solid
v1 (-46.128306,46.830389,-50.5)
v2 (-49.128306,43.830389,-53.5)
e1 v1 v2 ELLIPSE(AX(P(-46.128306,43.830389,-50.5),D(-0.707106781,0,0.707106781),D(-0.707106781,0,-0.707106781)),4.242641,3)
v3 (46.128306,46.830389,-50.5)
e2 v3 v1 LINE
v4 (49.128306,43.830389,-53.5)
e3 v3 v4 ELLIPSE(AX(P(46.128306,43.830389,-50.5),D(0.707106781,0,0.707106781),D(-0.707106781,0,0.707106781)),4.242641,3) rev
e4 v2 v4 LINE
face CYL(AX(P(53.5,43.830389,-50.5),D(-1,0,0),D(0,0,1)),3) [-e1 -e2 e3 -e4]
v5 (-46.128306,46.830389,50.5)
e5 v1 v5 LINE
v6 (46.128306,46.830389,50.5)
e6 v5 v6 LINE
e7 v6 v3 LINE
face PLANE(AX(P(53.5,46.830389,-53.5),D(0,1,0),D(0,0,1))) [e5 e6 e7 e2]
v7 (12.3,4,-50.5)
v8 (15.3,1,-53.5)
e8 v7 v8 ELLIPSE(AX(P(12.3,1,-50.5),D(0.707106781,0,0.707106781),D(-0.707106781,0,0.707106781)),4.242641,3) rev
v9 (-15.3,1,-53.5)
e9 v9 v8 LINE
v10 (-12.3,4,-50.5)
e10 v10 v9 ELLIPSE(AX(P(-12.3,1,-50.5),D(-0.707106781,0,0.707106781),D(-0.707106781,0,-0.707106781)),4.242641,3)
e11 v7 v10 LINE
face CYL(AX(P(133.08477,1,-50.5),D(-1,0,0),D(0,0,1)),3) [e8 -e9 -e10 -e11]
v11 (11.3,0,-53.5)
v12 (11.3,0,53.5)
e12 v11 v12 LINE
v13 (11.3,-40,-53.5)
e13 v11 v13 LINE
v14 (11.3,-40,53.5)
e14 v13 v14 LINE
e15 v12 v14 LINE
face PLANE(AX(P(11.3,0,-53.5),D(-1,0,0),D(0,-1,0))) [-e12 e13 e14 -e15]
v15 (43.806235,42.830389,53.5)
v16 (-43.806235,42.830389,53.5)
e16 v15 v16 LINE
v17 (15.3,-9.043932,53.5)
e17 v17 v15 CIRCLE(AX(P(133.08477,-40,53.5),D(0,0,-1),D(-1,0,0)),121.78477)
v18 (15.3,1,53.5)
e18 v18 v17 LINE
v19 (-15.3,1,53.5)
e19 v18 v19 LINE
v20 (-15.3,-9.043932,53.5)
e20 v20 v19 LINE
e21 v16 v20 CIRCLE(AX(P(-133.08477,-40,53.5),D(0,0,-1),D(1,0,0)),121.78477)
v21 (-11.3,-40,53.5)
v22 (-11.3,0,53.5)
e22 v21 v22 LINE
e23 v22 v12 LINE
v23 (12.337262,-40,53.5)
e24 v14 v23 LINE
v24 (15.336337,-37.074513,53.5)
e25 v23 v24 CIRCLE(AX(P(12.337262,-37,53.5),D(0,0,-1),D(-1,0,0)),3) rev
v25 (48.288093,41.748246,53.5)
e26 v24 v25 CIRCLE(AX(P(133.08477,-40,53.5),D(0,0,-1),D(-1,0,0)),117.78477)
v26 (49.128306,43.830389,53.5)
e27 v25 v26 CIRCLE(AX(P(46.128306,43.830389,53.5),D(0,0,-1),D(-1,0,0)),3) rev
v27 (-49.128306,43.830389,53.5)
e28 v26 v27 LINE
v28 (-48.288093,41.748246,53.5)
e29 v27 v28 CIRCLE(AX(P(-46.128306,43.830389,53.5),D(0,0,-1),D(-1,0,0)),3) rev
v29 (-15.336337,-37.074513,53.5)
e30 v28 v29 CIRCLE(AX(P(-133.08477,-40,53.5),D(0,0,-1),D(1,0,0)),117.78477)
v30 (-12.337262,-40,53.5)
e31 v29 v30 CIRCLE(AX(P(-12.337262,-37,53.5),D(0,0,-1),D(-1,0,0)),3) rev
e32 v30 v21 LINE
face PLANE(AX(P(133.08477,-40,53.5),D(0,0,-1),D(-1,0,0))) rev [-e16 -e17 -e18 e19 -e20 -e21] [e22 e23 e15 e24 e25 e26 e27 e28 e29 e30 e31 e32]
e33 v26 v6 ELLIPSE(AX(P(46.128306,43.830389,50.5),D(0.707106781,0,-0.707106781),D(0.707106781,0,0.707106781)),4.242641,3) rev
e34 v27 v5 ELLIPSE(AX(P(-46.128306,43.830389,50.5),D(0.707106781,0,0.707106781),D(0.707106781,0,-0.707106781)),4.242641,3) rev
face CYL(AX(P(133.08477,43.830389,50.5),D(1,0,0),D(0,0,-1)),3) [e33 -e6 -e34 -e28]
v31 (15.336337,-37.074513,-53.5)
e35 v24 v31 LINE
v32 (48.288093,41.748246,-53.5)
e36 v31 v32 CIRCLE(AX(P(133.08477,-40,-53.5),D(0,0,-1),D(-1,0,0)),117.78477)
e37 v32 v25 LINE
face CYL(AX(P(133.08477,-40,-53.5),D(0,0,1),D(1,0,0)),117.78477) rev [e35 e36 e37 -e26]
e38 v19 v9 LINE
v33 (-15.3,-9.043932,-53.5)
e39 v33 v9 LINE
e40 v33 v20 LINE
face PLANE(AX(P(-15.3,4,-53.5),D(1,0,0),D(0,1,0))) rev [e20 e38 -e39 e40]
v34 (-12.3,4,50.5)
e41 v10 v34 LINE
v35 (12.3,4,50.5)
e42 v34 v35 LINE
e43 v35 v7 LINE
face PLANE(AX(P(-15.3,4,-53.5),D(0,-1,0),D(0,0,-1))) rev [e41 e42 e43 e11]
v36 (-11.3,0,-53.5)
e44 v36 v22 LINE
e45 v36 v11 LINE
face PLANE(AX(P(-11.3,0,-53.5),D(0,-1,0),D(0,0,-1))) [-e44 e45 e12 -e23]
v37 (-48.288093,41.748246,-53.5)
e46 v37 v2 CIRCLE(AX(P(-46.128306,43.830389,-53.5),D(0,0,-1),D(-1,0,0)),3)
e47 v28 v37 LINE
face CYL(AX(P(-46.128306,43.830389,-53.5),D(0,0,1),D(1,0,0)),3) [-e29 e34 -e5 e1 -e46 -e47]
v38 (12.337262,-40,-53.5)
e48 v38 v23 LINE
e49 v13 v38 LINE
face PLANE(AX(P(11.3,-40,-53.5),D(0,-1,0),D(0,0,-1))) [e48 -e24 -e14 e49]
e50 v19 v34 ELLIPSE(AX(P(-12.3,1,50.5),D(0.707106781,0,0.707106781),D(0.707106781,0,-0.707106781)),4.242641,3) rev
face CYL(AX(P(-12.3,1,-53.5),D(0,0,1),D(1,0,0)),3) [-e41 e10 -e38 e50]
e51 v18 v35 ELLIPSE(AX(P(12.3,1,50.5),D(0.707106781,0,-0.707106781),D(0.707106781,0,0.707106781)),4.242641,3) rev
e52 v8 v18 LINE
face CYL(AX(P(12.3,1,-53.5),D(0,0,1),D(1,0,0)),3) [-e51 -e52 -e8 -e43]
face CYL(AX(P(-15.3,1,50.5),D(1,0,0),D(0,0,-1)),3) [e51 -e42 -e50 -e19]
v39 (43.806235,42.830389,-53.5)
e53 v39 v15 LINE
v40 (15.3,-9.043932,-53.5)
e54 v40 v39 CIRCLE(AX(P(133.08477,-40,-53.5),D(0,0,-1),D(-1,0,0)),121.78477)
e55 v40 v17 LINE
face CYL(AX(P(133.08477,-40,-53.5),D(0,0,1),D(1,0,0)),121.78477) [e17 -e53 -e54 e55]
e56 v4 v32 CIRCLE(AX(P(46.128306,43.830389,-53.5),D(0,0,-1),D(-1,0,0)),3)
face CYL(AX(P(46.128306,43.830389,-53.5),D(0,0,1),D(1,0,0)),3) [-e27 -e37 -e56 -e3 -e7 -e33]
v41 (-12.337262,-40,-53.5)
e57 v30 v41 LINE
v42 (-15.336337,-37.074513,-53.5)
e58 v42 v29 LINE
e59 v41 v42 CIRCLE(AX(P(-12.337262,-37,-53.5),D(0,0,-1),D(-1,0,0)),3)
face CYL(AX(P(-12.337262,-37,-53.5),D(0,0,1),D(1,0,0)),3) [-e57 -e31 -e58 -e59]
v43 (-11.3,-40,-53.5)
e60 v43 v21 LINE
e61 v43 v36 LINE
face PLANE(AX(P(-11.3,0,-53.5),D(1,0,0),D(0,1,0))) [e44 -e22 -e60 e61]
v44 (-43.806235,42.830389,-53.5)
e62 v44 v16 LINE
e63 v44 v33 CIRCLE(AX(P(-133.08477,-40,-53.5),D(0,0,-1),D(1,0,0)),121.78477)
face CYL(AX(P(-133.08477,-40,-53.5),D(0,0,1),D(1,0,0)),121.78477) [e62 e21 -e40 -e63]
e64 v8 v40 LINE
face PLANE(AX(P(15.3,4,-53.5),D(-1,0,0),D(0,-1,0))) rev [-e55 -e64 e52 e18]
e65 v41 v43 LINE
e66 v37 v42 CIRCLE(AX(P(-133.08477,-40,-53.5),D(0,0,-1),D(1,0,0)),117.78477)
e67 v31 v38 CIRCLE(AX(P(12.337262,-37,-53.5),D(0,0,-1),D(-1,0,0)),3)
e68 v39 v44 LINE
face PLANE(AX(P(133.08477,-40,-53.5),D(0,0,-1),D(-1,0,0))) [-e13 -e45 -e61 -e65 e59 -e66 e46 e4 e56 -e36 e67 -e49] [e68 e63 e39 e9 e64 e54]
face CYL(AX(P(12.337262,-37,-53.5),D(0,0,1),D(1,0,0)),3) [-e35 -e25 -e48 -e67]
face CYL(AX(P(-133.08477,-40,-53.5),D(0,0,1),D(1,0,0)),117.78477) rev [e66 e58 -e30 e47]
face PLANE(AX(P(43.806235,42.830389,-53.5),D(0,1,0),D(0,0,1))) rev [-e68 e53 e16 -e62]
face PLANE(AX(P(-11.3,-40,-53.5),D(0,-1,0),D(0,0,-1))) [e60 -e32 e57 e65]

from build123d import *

# Parameters (mm, degrees)
BOSS_EXTRU_1_DEPTH = 53.5
CONG_1_R           = 3


with BuildPart() as part:
    # Esquisse1 → Boss.-Extru.1 (new body, symmetric)
    with BuildSketch(Plane.XY):
        with BuildLine():
            Line((-11.3, 0), (11.3, 0))
            Line((11.3, 0), (11.3, -40))
            Line((11.3, -40), (15.3, -40))
            ThreePointArc((15.3, -40), (25.272141163, 7.430887623), (53.5, 46.830388705))
            Line((53.5, 46.830388705), (-53.5, 46.830388705))
            ThreePointArc((-53.5, 46.830388705), (-25.272141163, 7.430887623), (-15.3, -40))
            Line((-15.3, -40), (-11.3, -40))
            Line((-11.3, -40), (-11.3, 0))
        make_face()
        with BuildLine():
            Line((43.806234565, 42.830388705), (-43.806234565, 42.830388705))
            ThreePointArc((-43.806234565, 42.830388705), (-26.353615228, 18.651434723), (-15.3, -9.043931817))
            Line((-15.3, -9.043931817), (-15.3, 4))
            Line((-15.3, 4), (15.3, 4))
            Line((15.3, 4), (15.3, -9.043931817))
            ThreePointArc((15.3, -9.043931817), (26.353615228, 18.651434723), (43.806234565, 42.830388705))
        make_face(mode=Mode.SUBTRACT)
    extrude(amount=BOSS_EXTRU_1_DEPTH, both=True)

    # Congé1
    cong_1_edges = [part.edges().sort_by_distance(p)[0] for p in [
        (0, 46.830388705, 53.5),
        (-15.3, -40, 0),
        (-53.5, 46.830388705, 0),
        (53.5, 46.830388705, 0),
        (15.3, -40, 0),
        (0, 46.830388705, -53.5),
        (0, 4, -53.5),
        (15.3, 4, 0),
        (-15.3, 4, 0),
        (0, 4, 53.5),
    ]]
    fillet(cong_1_edges, radius=CONG_1_R)


solid = part.part
